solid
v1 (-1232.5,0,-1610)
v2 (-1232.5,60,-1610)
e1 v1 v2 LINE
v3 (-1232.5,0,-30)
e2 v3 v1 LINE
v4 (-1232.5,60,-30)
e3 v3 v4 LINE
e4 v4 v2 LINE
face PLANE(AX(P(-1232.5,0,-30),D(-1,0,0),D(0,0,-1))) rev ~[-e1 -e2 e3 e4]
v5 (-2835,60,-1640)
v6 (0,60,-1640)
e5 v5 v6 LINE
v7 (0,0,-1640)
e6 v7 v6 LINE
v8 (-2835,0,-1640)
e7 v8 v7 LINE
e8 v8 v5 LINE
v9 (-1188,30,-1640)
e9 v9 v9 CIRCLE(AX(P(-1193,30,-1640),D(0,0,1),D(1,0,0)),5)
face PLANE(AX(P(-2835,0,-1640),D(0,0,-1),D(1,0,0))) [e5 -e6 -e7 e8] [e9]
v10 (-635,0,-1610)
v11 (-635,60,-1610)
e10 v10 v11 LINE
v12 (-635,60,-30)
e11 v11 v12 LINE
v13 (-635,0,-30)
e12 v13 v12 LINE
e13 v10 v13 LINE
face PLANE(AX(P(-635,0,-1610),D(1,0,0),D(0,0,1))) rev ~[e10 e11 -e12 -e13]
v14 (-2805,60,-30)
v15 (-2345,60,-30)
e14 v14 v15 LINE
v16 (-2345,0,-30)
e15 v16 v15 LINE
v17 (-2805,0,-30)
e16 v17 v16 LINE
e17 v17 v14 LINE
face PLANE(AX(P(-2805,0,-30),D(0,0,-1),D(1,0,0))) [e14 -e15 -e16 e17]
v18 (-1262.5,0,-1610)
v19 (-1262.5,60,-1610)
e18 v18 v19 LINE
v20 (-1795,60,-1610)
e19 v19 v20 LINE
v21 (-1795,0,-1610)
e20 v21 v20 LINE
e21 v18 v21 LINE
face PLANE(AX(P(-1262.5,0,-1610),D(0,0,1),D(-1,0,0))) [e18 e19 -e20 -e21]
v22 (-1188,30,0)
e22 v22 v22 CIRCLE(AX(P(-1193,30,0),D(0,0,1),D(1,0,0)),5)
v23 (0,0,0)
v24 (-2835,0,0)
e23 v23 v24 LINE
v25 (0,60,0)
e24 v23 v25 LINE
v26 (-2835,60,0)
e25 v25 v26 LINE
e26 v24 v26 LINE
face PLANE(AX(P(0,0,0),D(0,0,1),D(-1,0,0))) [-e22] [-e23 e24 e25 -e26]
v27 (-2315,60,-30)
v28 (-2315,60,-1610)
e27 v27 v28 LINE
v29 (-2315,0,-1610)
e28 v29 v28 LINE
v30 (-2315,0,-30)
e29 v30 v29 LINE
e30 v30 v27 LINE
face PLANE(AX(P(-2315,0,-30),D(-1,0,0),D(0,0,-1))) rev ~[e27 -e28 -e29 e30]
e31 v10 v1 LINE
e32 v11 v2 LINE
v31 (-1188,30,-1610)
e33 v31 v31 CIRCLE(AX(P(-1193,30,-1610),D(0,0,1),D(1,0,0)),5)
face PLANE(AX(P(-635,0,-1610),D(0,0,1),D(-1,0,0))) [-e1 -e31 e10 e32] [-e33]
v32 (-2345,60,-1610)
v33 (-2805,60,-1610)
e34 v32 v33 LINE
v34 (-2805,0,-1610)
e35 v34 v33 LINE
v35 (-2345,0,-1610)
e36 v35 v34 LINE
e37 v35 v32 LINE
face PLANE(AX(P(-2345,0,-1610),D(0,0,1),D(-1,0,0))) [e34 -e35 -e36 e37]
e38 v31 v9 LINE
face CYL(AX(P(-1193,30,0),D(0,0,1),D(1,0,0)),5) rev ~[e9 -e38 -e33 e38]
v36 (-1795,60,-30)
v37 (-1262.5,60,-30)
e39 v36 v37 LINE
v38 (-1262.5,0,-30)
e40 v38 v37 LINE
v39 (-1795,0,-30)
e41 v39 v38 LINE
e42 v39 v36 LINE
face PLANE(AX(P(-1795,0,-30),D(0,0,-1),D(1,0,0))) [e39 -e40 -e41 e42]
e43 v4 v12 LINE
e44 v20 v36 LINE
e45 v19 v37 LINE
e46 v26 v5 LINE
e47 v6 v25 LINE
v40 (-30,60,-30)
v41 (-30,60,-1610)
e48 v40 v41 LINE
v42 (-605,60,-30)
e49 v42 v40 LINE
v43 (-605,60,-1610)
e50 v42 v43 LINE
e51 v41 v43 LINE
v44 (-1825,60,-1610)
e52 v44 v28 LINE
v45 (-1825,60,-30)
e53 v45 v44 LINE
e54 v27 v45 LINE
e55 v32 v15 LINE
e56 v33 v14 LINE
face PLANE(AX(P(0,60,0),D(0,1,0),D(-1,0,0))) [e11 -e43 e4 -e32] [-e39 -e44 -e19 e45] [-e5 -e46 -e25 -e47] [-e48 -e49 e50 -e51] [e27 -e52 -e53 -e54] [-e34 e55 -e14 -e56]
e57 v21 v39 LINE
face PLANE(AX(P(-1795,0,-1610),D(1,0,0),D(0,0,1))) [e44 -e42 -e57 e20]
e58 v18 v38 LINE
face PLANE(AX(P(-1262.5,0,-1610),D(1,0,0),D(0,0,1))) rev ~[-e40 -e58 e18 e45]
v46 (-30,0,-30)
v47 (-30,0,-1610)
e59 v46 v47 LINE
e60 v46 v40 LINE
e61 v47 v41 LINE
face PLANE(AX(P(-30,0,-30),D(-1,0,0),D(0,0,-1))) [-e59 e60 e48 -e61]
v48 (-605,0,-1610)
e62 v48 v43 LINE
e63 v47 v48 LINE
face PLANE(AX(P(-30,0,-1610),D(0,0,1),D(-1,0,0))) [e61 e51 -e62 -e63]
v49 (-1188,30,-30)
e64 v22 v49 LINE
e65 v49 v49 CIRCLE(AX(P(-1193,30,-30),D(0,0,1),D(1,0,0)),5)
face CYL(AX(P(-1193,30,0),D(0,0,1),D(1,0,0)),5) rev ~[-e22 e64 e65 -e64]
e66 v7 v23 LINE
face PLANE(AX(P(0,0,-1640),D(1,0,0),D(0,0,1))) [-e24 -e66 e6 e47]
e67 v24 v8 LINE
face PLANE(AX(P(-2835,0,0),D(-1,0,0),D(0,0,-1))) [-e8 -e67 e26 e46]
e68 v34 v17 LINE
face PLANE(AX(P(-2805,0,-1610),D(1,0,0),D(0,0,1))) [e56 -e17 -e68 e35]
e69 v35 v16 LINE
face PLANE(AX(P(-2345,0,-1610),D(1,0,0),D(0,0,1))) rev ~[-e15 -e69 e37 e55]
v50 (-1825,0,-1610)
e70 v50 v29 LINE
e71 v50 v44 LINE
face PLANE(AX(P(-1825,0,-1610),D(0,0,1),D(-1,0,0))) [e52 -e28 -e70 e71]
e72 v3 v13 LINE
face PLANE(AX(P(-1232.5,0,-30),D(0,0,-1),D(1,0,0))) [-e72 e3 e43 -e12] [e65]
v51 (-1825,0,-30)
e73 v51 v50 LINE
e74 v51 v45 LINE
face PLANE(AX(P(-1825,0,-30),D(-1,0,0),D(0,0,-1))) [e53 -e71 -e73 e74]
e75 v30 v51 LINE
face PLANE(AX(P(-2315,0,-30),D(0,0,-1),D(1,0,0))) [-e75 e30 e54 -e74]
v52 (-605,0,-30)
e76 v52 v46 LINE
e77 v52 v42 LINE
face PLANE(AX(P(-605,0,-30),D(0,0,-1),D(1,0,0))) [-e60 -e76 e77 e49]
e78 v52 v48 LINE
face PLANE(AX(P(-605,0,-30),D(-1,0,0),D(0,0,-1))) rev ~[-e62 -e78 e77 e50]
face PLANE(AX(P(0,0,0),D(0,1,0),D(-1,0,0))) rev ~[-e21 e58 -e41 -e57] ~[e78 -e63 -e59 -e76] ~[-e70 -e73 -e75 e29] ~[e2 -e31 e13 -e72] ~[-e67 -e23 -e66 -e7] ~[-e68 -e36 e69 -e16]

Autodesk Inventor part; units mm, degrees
ref_plane "YZ Plane" through (0, 0, 0) normal (1, 0, 0) x (0, 1, 0)
ref_plane "XZ Plane" through (0, 0, 0) normal (0, 1, 0) x (-1, 0, 0)
ref_plane "XY Plane" through (0, 0, 0) normal (0, 0, 1) x (1, 0, 0)
sketch "Sketch1" plane through (0, 0, 0) normal (0, 1, 0) x (-1, 0, 0)
  line L0 (0, 0) -> (2835, 0)
  line L1 (2835, 0) -> (2835, -1640)
  line L2 (2835, -1640) -> (0, -1640)
  line L3 (0, -1640) -> (0, 0)
  line L4 (30, -30) -> (30, -1610)
  line L5 (2805, -1610) -> (2805, -30)
  line L6 (1232.5, -30) -> (1232.5, -1610)
  line L7 (1262.5, -1610) -> (1262.5, -30)
  line L8 (605, -30) -> (605, -1610)
  line L9 (635, -1610) -> (635, -30)
  line L10 (2315, -30) -> (2315, -1610)
  line L11 (2345, -1610) -> (2345, -30)
  line L12 (1825, -30) -> (1825, -1610)
  line L13 (1795, -1610) -> (1795, -30)
  line L14 (605, -30) -> (30, -30)
  line L15 (30, -1610) -> (605, -1610)
  line L16 (635, -1610) -> (1232.5, -1610)
  line L17 (1232.5, -30) -> (635, -30)
  line L18 (1795, -30) -> (1262.5, -30)
  line L19 (1262.5, -1610) -> (1795, -1610)
  line L20 (2805, -30) -> (2345, -30)
  line L21 (2315, -30) -> (1825, -30)
  line L22 (1825, -1610) -> (2315, -1610)
  line L23 (2345, -1610) -> (2805, -1610)
  dimension "d0" = 2835
  dimension "d1" = 1640
  dimension "d3" = 30
  dimension "d5" = 30
  dimension "d6" = 30
  dimension "d7" = 1262.5
  dimension "d8" = 30
  dimension "d9" = 635
  dimension "d10" = 30
  dimension "d11" = 30
  dimension "d12" = 520
  dimension "d13" = 1040
extrude "Extrusion1" add sketch "Sketch1" along normal blind 60
sketch "Sketch2" plane through (-2835, 0, 0) normal (0, 0, 1) x (1, 0, 0)
  circle A0 centre (1642, 30) radius 5
  line L0 (2835, 0) -> (0, 0) projected
  point P0 (1602.5, 60)
  dimension "d16" = 10
  dimension "d17" = 30
  dimension "d18" = 39.5
extrude "Extrusion2" cut sketch "Sketch2" against normal blind 3000
properties part number "Khung cửa"
